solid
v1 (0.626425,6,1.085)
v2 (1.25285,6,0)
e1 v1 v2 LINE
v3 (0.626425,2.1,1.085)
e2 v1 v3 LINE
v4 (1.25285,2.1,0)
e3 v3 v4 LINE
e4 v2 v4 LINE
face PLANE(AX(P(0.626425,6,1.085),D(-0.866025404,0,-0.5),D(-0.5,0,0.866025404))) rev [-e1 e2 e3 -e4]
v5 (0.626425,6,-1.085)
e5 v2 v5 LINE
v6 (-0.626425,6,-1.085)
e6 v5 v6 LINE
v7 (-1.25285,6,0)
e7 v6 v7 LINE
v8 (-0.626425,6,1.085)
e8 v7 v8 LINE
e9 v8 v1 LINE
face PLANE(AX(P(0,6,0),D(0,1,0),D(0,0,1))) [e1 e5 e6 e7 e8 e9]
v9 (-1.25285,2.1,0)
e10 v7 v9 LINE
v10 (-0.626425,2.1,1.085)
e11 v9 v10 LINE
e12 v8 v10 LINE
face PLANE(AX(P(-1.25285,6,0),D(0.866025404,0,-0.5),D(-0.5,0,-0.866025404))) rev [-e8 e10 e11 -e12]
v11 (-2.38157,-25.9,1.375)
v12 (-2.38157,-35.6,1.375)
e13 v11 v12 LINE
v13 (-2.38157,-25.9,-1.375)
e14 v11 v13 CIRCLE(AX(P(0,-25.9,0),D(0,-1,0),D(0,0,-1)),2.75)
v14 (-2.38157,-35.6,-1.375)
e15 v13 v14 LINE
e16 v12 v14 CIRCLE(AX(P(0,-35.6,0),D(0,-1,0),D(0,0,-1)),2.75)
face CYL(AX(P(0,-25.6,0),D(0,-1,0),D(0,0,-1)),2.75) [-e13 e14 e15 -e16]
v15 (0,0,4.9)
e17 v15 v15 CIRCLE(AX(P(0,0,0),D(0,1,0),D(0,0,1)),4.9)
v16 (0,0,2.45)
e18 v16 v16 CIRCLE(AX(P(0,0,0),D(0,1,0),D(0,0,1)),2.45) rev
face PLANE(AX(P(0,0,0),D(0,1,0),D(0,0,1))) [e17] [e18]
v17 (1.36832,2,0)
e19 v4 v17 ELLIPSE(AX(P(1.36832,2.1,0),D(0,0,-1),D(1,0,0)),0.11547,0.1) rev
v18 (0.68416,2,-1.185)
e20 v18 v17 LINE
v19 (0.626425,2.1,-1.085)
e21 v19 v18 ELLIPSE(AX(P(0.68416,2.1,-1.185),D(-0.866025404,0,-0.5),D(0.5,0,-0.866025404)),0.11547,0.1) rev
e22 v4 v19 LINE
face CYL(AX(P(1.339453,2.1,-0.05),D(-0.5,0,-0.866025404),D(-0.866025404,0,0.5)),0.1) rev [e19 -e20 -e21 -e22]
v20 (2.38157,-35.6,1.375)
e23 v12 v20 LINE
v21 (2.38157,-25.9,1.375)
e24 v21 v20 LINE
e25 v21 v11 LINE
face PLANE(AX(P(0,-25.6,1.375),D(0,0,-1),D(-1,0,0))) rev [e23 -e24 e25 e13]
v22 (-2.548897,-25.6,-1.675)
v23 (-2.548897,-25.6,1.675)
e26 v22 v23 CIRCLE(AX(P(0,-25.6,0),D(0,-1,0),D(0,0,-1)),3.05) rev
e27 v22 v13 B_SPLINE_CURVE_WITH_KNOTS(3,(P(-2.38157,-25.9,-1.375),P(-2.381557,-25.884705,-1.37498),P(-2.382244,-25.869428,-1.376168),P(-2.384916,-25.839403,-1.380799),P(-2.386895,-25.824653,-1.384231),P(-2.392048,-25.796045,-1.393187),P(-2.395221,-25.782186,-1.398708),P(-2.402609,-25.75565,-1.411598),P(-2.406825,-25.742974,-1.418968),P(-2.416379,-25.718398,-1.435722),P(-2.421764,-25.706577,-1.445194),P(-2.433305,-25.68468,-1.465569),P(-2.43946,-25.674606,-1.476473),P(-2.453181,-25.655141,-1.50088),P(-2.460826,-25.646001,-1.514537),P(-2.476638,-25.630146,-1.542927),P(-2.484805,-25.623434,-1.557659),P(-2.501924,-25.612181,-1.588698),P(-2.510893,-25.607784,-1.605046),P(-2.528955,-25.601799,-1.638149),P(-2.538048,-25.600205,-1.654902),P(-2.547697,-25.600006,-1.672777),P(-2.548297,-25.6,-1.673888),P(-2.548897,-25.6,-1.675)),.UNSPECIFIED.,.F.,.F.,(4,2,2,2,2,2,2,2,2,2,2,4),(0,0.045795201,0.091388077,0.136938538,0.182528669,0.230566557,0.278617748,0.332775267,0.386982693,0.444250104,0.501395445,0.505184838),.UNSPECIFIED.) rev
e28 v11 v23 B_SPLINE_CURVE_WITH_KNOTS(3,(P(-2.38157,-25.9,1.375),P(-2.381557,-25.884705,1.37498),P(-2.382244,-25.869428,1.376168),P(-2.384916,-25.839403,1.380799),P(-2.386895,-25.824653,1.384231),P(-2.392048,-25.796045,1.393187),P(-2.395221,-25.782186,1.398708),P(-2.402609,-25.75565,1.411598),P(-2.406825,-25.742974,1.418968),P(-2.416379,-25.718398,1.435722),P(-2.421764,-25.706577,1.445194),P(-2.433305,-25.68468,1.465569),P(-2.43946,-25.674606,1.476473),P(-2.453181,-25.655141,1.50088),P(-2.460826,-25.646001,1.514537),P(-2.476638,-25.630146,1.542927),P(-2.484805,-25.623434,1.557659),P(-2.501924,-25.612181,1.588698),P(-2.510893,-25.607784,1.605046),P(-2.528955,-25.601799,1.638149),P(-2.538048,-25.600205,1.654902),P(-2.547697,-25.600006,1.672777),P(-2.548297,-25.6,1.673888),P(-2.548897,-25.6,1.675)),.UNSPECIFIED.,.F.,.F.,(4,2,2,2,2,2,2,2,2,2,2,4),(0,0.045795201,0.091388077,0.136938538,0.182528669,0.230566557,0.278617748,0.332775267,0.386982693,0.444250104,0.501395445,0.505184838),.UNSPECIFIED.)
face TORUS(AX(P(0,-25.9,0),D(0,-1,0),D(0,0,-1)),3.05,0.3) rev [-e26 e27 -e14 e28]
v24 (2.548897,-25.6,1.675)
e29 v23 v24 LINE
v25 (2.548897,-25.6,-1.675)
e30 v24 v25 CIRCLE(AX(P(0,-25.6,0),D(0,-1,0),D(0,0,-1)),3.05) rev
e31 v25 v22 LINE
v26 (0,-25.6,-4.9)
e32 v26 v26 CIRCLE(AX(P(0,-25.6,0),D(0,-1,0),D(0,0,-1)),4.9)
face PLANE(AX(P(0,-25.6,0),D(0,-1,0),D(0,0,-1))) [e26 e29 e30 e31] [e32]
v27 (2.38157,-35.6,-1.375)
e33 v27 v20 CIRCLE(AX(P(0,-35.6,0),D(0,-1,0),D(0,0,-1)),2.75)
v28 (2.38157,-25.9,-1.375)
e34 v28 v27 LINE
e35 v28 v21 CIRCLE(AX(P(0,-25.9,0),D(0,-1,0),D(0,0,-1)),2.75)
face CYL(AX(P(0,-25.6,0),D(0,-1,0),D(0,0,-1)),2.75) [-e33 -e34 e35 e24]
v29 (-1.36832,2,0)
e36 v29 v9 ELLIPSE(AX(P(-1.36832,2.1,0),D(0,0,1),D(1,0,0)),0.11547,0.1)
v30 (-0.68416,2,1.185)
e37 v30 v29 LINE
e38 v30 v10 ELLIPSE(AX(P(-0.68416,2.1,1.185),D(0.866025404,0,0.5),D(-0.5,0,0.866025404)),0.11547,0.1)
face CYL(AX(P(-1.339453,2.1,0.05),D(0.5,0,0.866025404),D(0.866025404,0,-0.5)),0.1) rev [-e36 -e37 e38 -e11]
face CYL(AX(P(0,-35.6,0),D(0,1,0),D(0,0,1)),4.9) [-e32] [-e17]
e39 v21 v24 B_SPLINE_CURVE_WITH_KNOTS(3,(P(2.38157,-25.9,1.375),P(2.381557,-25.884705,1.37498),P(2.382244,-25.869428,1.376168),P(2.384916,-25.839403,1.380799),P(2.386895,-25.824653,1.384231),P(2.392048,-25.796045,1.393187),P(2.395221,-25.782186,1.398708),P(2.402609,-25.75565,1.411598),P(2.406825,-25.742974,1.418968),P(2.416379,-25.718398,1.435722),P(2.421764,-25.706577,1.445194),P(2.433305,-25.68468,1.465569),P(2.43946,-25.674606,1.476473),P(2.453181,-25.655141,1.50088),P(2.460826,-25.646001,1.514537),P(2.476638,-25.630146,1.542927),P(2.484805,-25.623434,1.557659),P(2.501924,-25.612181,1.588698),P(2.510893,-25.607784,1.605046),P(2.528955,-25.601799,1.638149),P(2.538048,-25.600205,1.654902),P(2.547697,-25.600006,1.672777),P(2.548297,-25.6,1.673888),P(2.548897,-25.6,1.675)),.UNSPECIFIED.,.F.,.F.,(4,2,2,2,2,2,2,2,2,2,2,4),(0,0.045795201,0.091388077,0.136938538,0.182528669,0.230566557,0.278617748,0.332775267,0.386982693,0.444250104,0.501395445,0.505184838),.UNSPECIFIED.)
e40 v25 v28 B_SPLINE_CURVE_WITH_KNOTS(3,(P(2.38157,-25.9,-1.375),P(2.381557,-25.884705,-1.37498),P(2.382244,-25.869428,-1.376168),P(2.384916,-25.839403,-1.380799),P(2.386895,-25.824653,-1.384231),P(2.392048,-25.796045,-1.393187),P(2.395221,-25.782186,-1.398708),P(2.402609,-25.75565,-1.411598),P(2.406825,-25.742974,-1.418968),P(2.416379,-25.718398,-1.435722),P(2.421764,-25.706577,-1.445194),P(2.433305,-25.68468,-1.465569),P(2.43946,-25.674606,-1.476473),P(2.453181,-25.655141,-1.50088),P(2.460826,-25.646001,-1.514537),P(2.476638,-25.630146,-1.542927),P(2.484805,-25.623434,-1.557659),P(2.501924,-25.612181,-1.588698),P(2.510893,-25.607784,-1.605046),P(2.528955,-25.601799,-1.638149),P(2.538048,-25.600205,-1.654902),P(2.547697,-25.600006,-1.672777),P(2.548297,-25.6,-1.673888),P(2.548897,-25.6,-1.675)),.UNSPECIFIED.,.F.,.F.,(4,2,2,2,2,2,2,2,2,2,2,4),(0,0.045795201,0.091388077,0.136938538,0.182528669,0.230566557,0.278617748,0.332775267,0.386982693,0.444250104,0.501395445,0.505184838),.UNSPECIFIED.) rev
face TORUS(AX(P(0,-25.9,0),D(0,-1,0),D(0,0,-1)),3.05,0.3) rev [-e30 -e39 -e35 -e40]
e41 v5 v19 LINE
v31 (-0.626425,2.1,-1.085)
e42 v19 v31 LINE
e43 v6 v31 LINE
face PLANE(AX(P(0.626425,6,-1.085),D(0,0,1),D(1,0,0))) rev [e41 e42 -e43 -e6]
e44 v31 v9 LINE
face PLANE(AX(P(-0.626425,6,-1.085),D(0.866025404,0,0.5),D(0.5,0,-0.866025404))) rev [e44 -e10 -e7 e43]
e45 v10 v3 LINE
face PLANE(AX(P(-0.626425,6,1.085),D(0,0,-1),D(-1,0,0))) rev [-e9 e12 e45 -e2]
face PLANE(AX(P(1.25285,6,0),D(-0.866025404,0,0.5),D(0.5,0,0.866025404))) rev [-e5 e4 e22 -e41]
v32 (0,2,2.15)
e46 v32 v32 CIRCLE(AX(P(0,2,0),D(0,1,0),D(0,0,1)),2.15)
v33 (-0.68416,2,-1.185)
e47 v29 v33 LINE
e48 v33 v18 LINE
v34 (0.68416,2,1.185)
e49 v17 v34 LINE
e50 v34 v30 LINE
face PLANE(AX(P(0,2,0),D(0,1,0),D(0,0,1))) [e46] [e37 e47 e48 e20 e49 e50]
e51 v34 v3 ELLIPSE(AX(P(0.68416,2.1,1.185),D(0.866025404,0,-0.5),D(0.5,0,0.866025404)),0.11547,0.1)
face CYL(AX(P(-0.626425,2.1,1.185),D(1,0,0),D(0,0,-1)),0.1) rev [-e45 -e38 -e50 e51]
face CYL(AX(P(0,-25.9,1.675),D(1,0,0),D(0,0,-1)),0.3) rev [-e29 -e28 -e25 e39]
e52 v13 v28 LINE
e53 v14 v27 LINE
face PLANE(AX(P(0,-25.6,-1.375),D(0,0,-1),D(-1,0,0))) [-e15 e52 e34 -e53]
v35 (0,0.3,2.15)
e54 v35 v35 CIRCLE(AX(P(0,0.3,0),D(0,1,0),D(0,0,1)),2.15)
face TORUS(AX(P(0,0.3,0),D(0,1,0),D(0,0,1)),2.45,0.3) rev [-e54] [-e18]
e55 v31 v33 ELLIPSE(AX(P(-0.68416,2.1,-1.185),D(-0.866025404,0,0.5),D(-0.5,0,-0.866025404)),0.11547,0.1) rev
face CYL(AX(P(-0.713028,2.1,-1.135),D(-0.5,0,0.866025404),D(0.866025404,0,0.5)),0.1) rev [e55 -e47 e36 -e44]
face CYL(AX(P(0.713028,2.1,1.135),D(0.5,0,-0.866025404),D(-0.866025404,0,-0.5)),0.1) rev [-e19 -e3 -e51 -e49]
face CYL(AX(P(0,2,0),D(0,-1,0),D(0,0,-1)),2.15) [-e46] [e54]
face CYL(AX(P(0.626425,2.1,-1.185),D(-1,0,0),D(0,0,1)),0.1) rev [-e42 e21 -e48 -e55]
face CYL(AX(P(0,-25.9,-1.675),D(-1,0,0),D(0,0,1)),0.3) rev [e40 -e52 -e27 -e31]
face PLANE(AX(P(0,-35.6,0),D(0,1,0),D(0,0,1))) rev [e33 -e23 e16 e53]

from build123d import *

# Parameters (mm, degrees)
CROQUIS5_R              = 4.9
SALIENTE_EXTRUIR1_DEPTH = 35.6
CROQUIS6_R              = 2.15
SALIENTE_EXTRUIR2_DEPTH = 2
SALIENTE_EXTRUIR3_DEPTH = 4
REDONDEO3_R             = 0.1
REDONDEO4_R             = 0.3
CORTAR_EXTRUIR1_START   = -10
CROQUIS8_R              = 4.9
CORTAR_EXTRUIR1_DEPTH   = 10
REDONDEO5_R             = 0.3


with BuildPart() as part:
    # Croquis5 → Saliente-Extruir1 (new body)
    with BuildSketch(Plane(origin=(0, 0, 0), x_dir=(1, 0, 0), z_dir=(0, 1, 0))):
        with Locations(Location((0, 0, 0), (0, 0, 270))):
            Circle(CROQUIS5_R)
    extrude(amount=-SALIENTE_EXTRUIR1_DEPTH)

    # Croquis6 → Saliente-Extruir2 (add)
    with BuildSketch(Plane(origin=(0, 0, 0), x_dir=(1, 0, 0), z_dir=(0, 1, 0))):
        with Locations(Location((0, 0, 0), (0, 0, 270))):
            Circle(CROQUIS6_R)
    extrude(amount=SALIENTE_EXTRUIR2_DEPTH)

    # Croquis7 → Saliente-Extruir3 (add)
    with BuildSketch(Plane(origin=(0, 2, 0), x_dir=(1, 0, 0), z_dir=(0, 1, 0))):
        Polygon((1.252850084, 0), (0.626425042, 1.085), (-0.626425042, 1.085), (-1.252850084, 0), (-0.626425042, -1.085), (0.626425042, -1.085), align=None)
    extrude(amount=SALIENTE_EXTRUIR3_DEPTH)

    # Redondeo3
    redondeo3_edges = [part.edges().sort_by_distance(p)[0] for p in [
        (0.939637563, 2, 0.5425),
        (0.939637563, 2, -0.5425),
        (0, 2, -1.085),
        (-0.939637563, 2, -0.5425),
        (-0.939637563, 2, 0.5425),
        (0, 2, 1.085),
    ]]
    fillet(redondeo3_edges, radius=REDONDEO3_R)

    # Redondeo4
    redondeo4_edges = [part.edges().sort_by_distance(p)[0] for p in [
        (0, 0, -2.15),
    ]]
    fillet(redondeo4_edges, radius=REDONDEO4_R)

    # Croquis8 → Cortar-Extruir1 (cut)
    with BuildSketch(Plane.XZ.offset(35.6).offset(CORTAR_EXTRUIR1_START)):
        with Locations(Location((0, 0, 0), (0, 0, 90))):
            Circle(CROQUIS8_R)
        with BuildLine():
            ThreePointArc((-2.38156986, 1.375), (-2.75, 0), (-2.38156986, -1.375))
            Line((-2.38156986, -1.375), (2.38156986, -1.375))
            ThreePointArc((2.38156986, -1.375), (2.75, 0), (2.38156986, 1.375))
            Line((2.38156986, 1.375), (-2.38156986, 1.375))
        make_face(mode=Mode.SUBTRACT)
    extrude(amount=CORTAR_EXTRUIR1_DEPTH, mode=Mode.SUBTRACT)

    # Redondeo5
    redondeo5_edges = [part.edges().sort_by_distance(p)[0] for p in [
        (0, -25.6, 1.375),
        (-2.75, -25.6, 0),
        (0, -25.6, -1.375),
        (2.75, -25.6, 0),
    ]]
    fillet(redondeo5_edges, radius=REDONDEO5_R)


solid = part.part
